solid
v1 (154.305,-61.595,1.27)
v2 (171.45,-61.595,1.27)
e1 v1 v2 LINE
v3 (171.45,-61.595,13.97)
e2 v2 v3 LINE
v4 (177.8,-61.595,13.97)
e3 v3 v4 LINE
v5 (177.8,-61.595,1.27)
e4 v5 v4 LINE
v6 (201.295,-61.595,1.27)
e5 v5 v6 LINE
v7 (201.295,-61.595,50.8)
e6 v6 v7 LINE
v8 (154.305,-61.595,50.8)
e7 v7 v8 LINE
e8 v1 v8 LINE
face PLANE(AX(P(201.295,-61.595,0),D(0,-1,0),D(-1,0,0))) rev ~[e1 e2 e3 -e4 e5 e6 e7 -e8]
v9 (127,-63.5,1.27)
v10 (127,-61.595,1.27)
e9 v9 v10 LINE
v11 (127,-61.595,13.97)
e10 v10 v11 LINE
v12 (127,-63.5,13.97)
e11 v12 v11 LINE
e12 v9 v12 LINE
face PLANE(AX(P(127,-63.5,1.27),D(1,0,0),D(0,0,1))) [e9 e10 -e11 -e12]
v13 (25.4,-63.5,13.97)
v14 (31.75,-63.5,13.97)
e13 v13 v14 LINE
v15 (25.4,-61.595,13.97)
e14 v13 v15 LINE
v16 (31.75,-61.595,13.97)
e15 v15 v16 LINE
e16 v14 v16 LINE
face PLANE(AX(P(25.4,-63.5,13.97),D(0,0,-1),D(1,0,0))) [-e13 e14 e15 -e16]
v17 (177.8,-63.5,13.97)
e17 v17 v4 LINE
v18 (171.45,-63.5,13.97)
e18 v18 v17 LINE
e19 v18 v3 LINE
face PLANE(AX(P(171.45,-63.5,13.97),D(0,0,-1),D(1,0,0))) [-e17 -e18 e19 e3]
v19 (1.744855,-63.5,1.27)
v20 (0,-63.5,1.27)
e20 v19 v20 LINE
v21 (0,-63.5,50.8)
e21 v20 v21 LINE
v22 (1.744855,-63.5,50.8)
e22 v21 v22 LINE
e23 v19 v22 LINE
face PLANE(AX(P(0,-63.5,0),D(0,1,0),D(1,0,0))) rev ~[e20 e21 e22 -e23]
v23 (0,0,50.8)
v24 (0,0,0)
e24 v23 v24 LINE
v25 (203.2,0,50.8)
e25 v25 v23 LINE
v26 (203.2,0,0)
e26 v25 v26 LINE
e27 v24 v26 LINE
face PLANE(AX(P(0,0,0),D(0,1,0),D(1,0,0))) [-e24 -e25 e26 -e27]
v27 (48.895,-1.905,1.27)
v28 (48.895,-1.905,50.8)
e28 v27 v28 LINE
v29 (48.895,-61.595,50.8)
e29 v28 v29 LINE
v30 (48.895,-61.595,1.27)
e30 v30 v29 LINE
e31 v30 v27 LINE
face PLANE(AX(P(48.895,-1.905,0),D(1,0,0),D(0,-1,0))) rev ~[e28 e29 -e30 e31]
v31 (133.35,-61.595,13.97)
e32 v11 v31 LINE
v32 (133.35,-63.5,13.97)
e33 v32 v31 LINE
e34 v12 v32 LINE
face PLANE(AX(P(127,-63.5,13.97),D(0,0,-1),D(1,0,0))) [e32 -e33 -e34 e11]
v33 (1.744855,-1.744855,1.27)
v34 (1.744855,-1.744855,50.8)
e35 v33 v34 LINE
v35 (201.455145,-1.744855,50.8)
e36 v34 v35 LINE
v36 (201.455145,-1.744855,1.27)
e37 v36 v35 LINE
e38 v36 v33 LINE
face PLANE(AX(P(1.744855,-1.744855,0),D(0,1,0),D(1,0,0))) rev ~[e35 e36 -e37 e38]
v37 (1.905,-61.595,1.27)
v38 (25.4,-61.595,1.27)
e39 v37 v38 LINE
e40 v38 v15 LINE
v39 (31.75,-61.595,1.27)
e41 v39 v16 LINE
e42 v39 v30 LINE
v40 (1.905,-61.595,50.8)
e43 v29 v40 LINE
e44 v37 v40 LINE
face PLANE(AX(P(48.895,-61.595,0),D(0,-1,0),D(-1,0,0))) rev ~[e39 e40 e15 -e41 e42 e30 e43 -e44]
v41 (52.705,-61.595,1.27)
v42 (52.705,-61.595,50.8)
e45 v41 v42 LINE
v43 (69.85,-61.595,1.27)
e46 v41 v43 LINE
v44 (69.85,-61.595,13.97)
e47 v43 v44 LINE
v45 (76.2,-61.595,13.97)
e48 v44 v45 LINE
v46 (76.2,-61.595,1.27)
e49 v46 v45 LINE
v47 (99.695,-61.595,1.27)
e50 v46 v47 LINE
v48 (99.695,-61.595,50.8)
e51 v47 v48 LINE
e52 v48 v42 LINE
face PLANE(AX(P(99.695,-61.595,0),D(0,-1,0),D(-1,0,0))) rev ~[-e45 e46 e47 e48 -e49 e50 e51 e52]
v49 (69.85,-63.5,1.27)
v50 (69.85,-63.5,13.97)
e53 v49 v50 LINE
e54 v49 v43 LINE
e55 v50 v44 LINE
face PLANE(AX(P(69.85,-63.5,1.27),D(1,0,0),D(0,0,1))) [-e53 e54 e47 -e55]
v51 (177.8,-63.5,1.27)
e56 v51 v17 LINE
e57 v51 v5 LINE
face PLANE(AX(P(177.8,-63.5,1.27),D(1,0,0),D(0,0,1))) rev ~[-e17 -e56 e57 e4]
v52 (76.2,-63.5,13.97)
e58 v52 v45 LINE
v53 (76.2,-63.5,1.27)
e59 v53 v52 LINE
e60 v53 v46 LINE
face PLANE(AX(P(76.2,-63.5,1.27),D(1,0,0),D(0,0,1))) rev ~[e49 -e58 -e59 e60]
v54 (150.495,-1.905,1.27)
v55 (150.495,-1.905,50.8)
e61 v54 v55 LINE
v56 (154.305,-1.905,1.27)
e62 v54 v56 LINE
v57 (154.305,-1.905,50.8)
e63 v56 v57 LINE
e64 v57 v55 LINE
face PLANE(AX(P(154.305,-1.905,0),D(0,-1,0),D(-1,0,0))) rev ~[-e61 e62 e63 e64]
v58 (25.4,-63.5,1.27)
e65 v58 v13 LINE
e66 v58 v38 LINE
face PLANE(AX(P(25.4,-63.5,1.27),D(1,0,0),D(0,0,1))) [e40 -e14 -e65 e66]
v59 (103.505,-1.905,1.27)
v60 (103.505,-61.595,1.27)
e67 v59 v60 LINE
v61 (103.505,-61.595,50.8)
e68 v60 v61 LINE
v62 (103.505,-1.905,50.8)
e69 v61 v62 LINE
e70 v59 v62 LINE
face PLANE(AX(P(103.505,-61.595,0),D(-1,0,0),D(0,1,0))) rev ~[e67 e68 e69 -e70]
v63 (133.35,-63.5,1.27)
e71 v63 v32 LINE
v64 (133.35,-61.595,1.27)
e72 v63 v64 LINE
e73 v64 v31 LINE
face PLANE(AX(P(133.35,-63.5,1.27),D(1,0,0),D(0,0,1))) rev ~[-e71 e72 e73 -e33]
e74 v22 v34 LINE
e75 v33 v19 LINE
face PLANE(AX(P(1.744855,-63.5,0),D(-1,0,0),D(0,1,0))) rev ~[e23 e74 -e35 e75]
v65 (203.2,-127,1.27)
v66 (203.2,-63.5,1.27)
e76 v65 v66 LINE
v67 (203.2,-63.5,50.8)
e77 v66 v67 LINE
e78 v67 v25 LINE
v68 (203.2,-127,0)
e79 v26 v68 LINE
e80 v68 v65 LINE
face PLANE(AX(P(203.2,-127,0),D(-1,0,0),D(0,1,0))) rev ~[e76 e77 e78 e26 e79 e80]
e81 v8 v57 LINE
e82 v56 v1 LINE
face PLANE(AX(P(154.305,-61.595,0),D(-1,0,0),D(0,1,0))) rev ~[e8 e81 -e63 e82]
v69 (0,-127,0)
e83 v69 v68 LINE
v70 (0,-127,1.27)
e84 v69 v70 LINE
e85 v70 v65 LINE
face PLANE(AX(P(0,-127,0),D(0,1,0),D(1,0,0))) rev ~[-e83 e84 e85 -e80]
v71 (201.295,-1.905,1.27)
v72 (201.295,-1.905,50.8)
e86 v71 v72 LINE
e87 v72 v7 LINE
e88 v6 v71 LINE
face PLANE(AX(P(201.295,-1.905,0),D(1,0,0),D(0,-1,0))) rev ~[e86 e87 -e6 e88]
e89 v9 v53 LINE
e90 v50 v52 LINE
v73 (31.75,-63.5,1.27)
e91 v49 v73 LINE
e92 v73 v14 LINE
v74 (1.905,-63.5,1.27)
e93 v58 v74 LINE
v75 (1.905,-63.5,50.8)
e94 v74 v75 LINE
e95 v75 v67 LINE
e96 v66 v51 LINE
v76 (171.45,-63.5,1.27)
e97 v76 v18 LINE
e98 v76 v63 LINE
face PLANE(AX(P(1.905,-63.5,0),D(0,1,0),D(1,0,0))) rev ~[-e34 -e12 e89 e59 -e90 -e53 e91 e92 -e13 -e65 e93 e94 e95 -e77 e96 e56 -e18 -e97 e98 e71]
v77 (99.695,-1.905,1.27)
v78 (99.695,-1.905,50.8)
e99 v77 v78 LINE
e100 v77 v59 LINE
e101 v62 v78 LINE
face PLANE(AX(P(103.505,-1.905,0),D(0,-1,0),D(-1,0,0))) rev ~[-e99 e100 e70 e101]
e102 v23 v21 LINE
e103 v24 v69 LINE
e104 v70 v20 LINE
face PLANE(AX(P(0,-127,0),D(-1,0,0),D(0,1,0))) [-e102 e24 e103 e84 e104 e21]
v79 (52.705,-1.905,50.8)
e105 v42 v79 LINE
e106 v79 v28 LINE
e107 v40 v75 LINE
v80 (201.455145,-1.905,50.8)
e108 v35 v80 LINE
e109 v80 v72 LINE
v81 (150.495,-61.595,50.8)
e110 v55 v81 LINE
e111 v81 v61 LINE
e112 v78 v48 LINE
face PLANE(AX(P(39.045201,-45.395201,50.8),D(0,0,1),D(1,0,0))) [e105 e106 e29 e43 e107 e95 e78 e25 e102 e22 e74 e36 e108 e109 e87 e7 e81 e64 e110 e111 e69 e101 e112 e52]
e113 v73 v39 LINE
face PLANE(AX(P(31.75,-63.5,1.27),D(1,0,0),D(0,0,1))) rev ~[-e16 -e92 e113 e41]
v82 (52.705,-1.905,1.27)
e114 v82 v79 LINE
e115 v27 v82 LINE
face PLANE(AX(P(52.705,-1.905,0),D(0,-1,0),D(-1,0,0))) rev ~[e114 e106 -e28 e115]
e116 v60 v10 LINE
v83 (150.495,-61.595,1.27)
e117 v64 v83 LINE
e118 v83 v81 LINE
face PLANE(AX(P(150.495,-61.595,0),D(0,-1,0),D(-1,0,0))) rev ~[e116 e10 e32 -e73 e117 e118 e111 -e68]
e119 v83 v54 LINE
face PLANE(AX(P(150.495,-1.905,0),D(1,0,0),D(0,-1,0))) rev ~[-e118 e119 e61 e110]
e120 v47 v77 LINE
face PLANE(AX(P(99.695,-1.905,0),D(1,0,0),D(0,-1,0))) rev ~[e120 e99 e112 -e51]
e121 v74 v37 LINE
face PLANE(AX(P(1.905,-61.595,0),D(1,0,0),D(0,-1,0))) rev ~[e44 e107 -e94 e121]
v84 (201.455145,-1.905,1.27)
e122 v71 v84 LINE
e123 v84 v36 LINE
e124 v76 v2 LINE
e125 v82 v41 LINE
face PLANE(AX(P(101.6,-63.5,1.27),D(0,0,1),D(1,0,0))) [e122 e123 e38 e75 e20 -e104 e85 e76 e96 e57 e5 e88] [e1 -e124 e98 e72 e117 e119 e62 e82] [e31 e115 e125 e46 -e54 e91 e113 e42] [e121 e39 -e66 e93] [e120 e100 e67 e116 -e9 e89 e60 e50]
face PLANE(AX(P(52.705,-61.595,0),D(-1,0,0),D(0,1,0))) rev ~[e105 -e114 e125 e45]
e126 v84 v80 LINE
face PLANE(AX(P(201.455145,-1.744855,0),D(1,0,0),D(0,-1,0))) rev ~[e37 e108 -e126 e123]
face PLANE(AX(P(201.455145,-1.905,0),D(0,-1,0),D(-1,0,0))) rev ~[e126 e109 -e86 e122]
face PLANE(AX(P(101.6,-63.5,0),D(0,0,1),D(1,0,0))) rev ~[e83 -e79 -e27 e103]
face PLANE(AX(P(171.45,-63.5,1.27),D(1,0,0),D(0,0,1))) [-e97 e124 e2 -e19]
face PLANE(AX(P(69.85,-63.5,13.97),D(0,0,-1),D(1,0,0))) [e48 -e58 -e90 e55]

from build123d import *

# Parameters (mm, degrees)
F0_W     = 203.2
F0_H     = 127
F1_DEPTH = 1.27
F2_W     = 1.7448549651
F2_H     = 61.595
F2_W_2   = 46.99
F2_H_2   = 1.7448549651
F2_W_3   = 1.905
F2_W_4   = 47.1501450349
F2_H_3   = 1.905
F3_DEPTH = 50.8
F4_W     = 6.35
F4_H     = 12.7
F5_DEPTH = 25.4


with BuildPart() as f1:
    # F0 (on Top) → F1 (new body)
    with BuildSketch(Plane.XY):
        with Locations((101.6, -63.5)):
            Rectangle(F0_W, F0_H)
    extrude(amount=F1_DEPTH)

    # F2 (on Top) → F3 (join)
    with BuildSketch(Plane.XY):
        Polygon((50.8, -1.905), (48.895, -1.905), (48.895, -61.595), (1.905, -61.595), (1.905, -63.5), (50.8, -63.5), align=None)
        Polygon((1.7448549651, -1.7448549651), (1.7448549651, 0), (0, 0), (0, -61.595), (1.7448549651, -61.595), align=None)
        Polygon((52.705, -1.905), (50.8, -1.905), (50.8, -63.5), (101.6, -63.5), (101.6, -1.905), (99.695, -1.905), (99.695, -61.595), (52.705, -61.595), align=None)
        Polygon((101.6, -1.905), (101.6, -63.5), (152.4, -63.5), (152.4, -1.905), (150.495, -1.905), (150.495, -61.595), (103.505, -61.595), (103.505, -1.905), align=None)
        Polygon((152.4, -1.905), (152.4, -63.5), (201.4551450349, -63.5), (201.4551450349, -1.905), (201.295, -1.905), (201.295, -61.595), (154.305, -61.595), (154.305, -1.905), align=None)
        with Locations((202.3275725174, -32.7025)):
            Rectangle(F2_W, F2_H)
        with Locations((177.8, -0.8724274826)):
            Rectangle(F2_W_2, F2_H_2)
        Polygon((201.4551450349, -1.7448549651), (201.4551450349, -1.905), (203.2, -1.905), (203.2, 0), (201.295, 0), (201.295, -1.7448549651), align=None)
        with Locations((127, -0.8724274826)):
            Rectangle(F2_W_2, F2_H_2)
        with Locations((151.4475, -0.8724274826)):
            Rectangle(F2_W_3, F2_H_2)
        with Locations((153.3525, -0.8724274826)):
            Rectangle(F2_W_3, F2_H_2)
        with Locations((76.2, -0.8724274826)):
            Rectangle(F2_W_2, F2_H_2)
        with Locations((100.6475, -0.8724274826)):
            Rectangle(F2_W_3, F2_H_2)
        with Locations((102.5525, -0.8724274826)):
            Rectangle(F2_W_3, F2_H_2)
        with Locations((49.8475, -0.8724274826)):
            Rectangle(F2_W_3, F2_H_2)
        with Locations((51.7525, -0.8724274826)):
            Rectangle(F2_W_3, F2_H_2)
        with Locations((25.3199274826, -0.8724274826)):
            Rectangle(F2_W_4, F2_H_2)
        with Locations((0.8724274826, -62.5475)):
            Rectangle(F2_W, F2_H_3)
    extrude(amount=F3_DEPTH)

    # F4 (on face) → F5 (cut)
    with BuildSketch(Plane.XZ.offset(63.5)):
        with Locations((28.575, 7.62)):
            Rectangle(F4_W, F4_H)
        with Locations((73.025, 7.62)):
            Rectangle(F4_W, F4_H)
        with Locations((130.175, 7.62)):
            Rectangle(F4_W, F4_H)
        with Locations((174.625, 7.62)):
            Rectangle(F4_W, F4_H)
    extrude(amount=-F5_DEPTH, mode=Mode.SUBTRACT)


solid = f1.part
